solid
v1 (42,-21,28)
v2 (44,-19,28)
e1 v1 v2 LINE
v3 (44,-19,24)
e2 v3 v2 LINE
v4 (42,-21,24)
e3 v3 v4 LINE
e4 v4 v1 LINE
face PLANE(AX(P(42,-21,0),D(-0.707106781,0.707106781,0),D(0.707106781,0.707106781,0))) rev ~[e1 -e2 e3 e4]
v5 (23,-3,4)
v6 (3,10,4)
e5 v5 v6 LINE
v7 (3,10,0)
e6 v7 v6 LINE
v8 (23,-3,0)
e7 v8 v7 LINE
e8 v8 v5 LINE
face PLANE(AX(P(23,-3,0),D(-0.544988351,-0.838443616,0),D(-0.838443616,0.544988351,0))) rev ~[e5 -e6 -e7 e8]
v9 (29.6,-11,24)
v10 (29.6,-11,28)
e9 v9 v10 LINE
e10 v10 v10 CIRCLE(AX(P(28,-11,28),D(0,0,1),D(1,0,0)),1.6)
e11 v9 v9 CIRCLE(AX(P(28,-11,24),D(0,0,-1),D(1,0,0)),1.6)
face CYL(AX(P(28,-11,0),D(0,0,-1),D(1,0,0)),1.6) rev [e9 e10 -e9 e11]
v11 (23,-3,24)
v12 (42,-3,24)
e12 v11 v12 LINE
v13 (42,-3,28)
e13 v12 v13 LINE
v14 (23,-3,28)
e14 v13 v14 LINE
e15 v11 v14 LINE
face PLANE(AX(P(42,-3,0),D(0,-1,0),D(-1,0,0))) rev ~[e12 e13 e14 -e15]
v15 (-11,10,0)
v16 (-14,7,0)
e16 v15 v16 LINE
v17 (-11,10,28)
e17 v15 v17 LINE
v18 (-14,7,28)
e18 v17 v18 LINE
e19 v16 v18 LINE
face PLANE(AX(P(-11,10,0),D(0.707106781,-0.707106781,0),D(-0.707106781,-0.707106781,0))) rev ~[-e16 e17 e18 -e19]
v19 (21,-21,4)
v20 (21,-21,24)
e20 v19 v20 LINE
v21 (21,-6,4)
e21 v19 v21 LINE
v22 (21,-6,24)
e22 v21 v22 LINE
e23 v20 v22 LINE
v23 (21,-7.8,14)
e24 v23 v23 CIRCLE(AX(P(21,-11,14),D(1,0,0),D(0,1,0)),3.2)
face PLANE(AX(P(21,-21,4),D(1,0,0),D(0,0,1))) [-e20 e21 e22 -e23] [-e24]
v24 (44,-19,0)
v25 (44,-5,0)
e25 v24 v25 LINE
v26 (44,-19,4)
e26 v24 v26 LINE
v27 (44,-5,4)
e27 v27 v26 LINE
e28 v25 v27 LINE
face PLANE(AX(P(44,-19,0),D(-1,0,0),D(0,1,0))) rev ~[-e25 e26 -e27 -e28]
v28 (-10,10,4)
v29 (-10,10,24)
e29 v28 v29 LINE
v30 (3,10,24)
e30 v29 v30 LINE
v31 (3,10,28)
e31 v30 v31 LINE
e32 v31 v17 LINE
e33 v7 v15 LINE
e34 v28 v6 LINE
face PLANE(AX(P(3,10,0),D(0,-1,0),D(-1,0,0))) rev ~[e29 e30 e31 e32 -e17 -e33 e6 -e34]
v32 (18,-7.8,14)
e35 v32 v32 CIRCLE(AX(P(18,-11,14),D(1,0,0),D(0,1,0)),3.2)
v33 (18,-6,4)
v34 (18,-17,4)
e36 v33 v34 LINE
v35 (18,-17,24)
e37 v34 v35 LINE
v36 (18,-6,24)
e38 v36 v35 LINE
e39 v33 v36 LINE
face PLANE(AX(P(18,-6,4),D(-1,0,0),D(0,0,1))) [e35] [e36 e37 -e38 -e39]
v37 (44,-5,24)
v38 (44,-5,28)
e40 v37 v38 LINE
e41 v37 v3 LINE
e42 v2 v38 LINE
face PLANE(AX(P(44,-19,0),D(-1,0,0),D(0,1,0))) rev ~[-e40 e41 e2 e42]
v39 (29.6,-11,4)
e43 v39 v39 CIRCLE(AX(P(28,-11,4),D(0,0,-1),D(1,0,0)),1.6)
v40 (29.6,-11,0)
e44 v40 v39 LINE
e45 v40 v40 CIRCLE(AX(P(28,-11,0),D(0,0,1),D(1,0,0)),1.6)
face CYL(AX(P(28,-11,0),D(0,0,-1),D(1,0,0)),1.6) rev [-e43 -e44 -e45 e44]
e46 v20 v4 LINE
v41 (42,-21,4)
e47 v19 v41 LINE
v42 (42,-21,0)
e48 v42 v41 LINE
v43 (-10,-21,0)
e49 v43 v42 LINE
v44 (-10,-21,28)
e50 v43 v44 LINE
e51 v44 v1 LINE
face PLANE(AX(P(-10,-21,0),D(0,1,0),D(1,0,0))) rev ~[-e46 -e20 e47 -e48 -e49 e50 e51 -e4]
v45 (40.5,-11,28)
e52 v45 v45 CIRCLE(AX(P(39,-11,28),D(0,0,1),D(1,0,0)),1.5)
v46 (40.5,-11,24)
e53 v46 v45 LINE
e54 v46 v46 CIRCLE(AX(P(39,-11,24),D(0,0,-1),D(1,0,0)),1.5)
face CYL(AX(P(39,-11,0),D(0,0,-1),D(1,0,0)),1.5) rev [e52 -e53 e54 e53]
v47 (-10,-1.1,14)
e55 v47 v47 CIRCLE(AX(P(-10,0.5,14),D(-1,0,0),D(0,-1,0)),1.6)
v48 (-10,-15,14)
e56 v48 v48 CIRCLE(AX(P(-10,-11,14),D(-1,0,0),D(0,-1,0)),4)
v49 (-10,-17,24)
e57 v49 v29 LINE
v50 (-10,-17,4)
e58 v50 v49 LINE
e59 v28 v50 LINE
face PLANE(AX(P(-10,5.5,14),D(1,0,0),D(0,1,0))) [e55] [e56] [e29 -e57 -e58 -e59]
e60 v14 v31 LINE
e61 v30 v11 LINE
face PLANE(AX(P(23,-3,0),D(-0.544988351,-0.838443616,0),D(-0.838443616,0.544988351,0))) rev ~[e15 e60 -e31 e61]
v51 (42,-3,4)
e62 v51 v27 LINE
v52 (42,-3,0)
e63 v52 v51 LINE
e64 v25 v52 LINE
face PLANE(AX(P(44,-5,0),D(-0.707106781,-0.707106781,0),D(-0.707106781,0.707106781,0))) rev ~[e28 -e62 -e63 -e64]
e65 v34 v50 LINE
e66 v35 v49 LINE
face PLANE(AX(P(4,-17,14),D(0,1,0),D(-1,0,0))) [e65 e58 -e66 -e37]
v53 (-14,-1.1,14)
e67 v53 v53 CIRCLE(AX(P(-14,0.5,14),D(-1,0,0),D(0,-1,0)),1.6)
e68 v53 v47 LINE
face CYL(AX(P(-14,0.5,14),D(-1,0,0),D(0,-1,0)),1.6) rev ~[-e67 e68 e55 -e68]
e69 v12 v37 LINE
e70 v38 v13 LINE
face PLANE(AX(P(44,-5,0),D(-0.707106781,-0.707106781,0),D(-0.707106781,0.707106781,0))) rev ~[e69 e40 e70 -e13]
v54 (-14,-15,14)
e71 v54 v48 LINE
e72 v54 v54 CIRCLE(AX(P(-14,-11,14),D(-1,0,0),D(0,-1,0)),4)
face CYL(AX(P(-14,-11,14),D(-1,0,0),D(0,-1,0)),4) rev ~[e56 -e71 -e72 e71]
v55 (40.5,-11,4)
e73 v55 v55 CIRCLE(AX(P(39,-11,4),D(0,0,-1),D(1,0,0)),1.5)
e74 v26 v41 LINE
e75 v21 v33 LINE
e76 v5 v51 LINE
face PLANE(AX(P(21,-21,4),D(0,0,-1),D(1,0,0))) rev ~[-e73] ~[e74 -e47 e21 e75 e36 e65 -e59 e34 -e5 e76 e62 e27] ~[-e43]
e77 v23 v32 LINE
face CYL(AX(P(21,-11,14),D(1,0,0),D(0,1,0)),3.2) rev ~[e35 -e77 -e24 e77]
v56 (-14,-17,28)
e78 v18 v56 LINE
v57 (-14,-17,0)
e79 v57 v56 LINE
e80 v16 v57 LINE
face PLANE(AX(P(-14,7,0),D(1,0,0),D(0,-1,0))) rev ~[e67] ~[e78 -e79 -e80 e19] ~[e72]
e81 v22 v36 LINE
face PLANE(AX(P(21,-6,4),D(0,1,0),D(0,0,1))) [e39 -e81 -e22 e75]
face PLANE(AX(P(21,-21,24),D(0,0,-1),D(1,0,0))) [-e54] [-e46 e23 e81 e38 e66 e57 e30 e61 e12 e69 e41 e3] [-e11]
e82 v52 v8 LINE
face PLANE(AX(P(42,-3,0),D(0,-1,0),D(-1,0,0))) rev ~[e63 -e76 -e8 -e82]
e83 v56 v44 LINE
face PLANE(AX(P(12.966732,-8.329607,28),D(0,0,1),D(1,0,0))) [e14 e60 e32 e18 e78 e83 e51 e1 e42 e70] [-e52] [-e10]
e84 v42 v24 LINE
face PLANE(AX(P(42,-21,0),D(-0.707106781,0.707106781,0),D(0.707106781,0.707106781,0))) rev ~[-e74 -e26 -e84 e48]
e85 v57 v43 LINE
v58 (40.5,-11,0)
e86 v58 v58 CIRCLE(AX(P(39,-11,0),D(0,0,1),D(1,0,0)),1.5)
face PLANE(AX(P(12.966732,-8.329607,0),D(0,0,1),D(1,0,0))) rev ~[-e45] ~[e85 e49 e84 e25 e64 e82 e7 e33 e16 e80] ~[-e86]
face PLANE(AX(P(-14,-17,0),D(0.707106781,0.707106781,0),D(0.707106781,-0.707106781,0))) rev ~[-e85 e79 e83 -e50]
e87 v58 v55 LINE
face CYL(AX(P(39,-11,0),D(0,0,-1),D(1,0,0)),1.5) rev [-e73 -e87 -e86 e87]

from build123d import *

# Parameters (mm, degrees)
SKETCH008_R     = 1.6
SKETCH008_R_2   = 1.5
PAD002_DEPTH    = 28
SKETCH018_W     = 29
SKETCH018_H     = 20
POCKET011_DEPTH = 42
SKETCH020_W     = 23
SKETCH020_H     = 20
POCKET013_DEPTH = 31
SKETCH021_W     = 28
SKETCH021_H     = 20
POCKET014_DEPTH = 11
SKETCH022_R     = 3.2
POCKET015_DEPTH = 5
SKETCH023_R     = 4
SKETCH023_R_2   = 1.6
POCKET016_DEPTH = 5


with BuildPart() as part:
    # Sketch008 → Pad002 (new body)
    with BuildSketch(Plane.XY):
        Polygon((-14, -17), (-10, -21), (42, -21), (44, -19), (44, -5), (42, -3), (23, -3), (3, 10), (-11, 10), (-14, 7), align=None)
        with Locations((28, -11)):
            Circle(SKETCH008_R, mode=Mode.SUBTRACT)
        with Locations((39, -11)):
            Circle(SKETCH008_R_2, mode=Mode.SUBTRACT)
    extrude(amount=PAD002_DEPTH)

    # Sketch018 (on Face6 of Pad002) → Pocket011 (cut)
    with BuildSketch(Plane.XZ.offset(21)):
        with Locations((35.5, 14)):
            Rectangle(SKETCH018_W, SKETCH018_H)
    extrude(amount=-POCKET011_DEPTH, mode=Mode.SUBTRACT)

    # Sketch020 → Pocket013 (cut)
    with BuildSketch(Plane.YZ.offset(21)):
        with Locations((5.5, 14)):
            Rectangle(SKETCH020_W, SKETCH020_H)
    extrude(amount=-POCKET013_DEPTH, mode=Mode.SUBTRACT)

    # Sketch021 (on Face17 of Pocket013) → Pocket014 (cut)
    with BuildSketch(Plane(origin=(0, -6, 0), x_dir=(-1, 0, 0), z_dir=(0, 1, 0))):
        with Locations((-4, 14)):
            Rectangle(SKETCH021_W, SKETCH021_H)
    extrude(amount=-POCKET014_DEPTH, mode=Mode.SUBTRACT)

    # Sketch022 (on Face16 of Pocket014) → Pocket015 (cut)
    with BuildSketch(Plane.YZ.offset(21)):
        with Locations((-11, 14)):
            Circle(SKETCH022_R)
    extrude(amount=-POCKET015_DEPTH, mode=Mode.SUBTRACT)

    # Sketch023 (on Face7 of Pocket015) → Pocket016 (cut)
    with BuildSketch(Plane(origin=(-14, 0, 0), x_dir=(0, -1, 0), z_dir=(-1, 0, 0))):
        with Locations((11, 14)):
            Circle(SKETCH023_R)
        with Locations((-0.5, 14)):
            Circle(SKETCH023_R_2)
    extrude(amount=-POCKET016_DEPTH, mode=Mode.SUBTRACT)


solid = part.part
